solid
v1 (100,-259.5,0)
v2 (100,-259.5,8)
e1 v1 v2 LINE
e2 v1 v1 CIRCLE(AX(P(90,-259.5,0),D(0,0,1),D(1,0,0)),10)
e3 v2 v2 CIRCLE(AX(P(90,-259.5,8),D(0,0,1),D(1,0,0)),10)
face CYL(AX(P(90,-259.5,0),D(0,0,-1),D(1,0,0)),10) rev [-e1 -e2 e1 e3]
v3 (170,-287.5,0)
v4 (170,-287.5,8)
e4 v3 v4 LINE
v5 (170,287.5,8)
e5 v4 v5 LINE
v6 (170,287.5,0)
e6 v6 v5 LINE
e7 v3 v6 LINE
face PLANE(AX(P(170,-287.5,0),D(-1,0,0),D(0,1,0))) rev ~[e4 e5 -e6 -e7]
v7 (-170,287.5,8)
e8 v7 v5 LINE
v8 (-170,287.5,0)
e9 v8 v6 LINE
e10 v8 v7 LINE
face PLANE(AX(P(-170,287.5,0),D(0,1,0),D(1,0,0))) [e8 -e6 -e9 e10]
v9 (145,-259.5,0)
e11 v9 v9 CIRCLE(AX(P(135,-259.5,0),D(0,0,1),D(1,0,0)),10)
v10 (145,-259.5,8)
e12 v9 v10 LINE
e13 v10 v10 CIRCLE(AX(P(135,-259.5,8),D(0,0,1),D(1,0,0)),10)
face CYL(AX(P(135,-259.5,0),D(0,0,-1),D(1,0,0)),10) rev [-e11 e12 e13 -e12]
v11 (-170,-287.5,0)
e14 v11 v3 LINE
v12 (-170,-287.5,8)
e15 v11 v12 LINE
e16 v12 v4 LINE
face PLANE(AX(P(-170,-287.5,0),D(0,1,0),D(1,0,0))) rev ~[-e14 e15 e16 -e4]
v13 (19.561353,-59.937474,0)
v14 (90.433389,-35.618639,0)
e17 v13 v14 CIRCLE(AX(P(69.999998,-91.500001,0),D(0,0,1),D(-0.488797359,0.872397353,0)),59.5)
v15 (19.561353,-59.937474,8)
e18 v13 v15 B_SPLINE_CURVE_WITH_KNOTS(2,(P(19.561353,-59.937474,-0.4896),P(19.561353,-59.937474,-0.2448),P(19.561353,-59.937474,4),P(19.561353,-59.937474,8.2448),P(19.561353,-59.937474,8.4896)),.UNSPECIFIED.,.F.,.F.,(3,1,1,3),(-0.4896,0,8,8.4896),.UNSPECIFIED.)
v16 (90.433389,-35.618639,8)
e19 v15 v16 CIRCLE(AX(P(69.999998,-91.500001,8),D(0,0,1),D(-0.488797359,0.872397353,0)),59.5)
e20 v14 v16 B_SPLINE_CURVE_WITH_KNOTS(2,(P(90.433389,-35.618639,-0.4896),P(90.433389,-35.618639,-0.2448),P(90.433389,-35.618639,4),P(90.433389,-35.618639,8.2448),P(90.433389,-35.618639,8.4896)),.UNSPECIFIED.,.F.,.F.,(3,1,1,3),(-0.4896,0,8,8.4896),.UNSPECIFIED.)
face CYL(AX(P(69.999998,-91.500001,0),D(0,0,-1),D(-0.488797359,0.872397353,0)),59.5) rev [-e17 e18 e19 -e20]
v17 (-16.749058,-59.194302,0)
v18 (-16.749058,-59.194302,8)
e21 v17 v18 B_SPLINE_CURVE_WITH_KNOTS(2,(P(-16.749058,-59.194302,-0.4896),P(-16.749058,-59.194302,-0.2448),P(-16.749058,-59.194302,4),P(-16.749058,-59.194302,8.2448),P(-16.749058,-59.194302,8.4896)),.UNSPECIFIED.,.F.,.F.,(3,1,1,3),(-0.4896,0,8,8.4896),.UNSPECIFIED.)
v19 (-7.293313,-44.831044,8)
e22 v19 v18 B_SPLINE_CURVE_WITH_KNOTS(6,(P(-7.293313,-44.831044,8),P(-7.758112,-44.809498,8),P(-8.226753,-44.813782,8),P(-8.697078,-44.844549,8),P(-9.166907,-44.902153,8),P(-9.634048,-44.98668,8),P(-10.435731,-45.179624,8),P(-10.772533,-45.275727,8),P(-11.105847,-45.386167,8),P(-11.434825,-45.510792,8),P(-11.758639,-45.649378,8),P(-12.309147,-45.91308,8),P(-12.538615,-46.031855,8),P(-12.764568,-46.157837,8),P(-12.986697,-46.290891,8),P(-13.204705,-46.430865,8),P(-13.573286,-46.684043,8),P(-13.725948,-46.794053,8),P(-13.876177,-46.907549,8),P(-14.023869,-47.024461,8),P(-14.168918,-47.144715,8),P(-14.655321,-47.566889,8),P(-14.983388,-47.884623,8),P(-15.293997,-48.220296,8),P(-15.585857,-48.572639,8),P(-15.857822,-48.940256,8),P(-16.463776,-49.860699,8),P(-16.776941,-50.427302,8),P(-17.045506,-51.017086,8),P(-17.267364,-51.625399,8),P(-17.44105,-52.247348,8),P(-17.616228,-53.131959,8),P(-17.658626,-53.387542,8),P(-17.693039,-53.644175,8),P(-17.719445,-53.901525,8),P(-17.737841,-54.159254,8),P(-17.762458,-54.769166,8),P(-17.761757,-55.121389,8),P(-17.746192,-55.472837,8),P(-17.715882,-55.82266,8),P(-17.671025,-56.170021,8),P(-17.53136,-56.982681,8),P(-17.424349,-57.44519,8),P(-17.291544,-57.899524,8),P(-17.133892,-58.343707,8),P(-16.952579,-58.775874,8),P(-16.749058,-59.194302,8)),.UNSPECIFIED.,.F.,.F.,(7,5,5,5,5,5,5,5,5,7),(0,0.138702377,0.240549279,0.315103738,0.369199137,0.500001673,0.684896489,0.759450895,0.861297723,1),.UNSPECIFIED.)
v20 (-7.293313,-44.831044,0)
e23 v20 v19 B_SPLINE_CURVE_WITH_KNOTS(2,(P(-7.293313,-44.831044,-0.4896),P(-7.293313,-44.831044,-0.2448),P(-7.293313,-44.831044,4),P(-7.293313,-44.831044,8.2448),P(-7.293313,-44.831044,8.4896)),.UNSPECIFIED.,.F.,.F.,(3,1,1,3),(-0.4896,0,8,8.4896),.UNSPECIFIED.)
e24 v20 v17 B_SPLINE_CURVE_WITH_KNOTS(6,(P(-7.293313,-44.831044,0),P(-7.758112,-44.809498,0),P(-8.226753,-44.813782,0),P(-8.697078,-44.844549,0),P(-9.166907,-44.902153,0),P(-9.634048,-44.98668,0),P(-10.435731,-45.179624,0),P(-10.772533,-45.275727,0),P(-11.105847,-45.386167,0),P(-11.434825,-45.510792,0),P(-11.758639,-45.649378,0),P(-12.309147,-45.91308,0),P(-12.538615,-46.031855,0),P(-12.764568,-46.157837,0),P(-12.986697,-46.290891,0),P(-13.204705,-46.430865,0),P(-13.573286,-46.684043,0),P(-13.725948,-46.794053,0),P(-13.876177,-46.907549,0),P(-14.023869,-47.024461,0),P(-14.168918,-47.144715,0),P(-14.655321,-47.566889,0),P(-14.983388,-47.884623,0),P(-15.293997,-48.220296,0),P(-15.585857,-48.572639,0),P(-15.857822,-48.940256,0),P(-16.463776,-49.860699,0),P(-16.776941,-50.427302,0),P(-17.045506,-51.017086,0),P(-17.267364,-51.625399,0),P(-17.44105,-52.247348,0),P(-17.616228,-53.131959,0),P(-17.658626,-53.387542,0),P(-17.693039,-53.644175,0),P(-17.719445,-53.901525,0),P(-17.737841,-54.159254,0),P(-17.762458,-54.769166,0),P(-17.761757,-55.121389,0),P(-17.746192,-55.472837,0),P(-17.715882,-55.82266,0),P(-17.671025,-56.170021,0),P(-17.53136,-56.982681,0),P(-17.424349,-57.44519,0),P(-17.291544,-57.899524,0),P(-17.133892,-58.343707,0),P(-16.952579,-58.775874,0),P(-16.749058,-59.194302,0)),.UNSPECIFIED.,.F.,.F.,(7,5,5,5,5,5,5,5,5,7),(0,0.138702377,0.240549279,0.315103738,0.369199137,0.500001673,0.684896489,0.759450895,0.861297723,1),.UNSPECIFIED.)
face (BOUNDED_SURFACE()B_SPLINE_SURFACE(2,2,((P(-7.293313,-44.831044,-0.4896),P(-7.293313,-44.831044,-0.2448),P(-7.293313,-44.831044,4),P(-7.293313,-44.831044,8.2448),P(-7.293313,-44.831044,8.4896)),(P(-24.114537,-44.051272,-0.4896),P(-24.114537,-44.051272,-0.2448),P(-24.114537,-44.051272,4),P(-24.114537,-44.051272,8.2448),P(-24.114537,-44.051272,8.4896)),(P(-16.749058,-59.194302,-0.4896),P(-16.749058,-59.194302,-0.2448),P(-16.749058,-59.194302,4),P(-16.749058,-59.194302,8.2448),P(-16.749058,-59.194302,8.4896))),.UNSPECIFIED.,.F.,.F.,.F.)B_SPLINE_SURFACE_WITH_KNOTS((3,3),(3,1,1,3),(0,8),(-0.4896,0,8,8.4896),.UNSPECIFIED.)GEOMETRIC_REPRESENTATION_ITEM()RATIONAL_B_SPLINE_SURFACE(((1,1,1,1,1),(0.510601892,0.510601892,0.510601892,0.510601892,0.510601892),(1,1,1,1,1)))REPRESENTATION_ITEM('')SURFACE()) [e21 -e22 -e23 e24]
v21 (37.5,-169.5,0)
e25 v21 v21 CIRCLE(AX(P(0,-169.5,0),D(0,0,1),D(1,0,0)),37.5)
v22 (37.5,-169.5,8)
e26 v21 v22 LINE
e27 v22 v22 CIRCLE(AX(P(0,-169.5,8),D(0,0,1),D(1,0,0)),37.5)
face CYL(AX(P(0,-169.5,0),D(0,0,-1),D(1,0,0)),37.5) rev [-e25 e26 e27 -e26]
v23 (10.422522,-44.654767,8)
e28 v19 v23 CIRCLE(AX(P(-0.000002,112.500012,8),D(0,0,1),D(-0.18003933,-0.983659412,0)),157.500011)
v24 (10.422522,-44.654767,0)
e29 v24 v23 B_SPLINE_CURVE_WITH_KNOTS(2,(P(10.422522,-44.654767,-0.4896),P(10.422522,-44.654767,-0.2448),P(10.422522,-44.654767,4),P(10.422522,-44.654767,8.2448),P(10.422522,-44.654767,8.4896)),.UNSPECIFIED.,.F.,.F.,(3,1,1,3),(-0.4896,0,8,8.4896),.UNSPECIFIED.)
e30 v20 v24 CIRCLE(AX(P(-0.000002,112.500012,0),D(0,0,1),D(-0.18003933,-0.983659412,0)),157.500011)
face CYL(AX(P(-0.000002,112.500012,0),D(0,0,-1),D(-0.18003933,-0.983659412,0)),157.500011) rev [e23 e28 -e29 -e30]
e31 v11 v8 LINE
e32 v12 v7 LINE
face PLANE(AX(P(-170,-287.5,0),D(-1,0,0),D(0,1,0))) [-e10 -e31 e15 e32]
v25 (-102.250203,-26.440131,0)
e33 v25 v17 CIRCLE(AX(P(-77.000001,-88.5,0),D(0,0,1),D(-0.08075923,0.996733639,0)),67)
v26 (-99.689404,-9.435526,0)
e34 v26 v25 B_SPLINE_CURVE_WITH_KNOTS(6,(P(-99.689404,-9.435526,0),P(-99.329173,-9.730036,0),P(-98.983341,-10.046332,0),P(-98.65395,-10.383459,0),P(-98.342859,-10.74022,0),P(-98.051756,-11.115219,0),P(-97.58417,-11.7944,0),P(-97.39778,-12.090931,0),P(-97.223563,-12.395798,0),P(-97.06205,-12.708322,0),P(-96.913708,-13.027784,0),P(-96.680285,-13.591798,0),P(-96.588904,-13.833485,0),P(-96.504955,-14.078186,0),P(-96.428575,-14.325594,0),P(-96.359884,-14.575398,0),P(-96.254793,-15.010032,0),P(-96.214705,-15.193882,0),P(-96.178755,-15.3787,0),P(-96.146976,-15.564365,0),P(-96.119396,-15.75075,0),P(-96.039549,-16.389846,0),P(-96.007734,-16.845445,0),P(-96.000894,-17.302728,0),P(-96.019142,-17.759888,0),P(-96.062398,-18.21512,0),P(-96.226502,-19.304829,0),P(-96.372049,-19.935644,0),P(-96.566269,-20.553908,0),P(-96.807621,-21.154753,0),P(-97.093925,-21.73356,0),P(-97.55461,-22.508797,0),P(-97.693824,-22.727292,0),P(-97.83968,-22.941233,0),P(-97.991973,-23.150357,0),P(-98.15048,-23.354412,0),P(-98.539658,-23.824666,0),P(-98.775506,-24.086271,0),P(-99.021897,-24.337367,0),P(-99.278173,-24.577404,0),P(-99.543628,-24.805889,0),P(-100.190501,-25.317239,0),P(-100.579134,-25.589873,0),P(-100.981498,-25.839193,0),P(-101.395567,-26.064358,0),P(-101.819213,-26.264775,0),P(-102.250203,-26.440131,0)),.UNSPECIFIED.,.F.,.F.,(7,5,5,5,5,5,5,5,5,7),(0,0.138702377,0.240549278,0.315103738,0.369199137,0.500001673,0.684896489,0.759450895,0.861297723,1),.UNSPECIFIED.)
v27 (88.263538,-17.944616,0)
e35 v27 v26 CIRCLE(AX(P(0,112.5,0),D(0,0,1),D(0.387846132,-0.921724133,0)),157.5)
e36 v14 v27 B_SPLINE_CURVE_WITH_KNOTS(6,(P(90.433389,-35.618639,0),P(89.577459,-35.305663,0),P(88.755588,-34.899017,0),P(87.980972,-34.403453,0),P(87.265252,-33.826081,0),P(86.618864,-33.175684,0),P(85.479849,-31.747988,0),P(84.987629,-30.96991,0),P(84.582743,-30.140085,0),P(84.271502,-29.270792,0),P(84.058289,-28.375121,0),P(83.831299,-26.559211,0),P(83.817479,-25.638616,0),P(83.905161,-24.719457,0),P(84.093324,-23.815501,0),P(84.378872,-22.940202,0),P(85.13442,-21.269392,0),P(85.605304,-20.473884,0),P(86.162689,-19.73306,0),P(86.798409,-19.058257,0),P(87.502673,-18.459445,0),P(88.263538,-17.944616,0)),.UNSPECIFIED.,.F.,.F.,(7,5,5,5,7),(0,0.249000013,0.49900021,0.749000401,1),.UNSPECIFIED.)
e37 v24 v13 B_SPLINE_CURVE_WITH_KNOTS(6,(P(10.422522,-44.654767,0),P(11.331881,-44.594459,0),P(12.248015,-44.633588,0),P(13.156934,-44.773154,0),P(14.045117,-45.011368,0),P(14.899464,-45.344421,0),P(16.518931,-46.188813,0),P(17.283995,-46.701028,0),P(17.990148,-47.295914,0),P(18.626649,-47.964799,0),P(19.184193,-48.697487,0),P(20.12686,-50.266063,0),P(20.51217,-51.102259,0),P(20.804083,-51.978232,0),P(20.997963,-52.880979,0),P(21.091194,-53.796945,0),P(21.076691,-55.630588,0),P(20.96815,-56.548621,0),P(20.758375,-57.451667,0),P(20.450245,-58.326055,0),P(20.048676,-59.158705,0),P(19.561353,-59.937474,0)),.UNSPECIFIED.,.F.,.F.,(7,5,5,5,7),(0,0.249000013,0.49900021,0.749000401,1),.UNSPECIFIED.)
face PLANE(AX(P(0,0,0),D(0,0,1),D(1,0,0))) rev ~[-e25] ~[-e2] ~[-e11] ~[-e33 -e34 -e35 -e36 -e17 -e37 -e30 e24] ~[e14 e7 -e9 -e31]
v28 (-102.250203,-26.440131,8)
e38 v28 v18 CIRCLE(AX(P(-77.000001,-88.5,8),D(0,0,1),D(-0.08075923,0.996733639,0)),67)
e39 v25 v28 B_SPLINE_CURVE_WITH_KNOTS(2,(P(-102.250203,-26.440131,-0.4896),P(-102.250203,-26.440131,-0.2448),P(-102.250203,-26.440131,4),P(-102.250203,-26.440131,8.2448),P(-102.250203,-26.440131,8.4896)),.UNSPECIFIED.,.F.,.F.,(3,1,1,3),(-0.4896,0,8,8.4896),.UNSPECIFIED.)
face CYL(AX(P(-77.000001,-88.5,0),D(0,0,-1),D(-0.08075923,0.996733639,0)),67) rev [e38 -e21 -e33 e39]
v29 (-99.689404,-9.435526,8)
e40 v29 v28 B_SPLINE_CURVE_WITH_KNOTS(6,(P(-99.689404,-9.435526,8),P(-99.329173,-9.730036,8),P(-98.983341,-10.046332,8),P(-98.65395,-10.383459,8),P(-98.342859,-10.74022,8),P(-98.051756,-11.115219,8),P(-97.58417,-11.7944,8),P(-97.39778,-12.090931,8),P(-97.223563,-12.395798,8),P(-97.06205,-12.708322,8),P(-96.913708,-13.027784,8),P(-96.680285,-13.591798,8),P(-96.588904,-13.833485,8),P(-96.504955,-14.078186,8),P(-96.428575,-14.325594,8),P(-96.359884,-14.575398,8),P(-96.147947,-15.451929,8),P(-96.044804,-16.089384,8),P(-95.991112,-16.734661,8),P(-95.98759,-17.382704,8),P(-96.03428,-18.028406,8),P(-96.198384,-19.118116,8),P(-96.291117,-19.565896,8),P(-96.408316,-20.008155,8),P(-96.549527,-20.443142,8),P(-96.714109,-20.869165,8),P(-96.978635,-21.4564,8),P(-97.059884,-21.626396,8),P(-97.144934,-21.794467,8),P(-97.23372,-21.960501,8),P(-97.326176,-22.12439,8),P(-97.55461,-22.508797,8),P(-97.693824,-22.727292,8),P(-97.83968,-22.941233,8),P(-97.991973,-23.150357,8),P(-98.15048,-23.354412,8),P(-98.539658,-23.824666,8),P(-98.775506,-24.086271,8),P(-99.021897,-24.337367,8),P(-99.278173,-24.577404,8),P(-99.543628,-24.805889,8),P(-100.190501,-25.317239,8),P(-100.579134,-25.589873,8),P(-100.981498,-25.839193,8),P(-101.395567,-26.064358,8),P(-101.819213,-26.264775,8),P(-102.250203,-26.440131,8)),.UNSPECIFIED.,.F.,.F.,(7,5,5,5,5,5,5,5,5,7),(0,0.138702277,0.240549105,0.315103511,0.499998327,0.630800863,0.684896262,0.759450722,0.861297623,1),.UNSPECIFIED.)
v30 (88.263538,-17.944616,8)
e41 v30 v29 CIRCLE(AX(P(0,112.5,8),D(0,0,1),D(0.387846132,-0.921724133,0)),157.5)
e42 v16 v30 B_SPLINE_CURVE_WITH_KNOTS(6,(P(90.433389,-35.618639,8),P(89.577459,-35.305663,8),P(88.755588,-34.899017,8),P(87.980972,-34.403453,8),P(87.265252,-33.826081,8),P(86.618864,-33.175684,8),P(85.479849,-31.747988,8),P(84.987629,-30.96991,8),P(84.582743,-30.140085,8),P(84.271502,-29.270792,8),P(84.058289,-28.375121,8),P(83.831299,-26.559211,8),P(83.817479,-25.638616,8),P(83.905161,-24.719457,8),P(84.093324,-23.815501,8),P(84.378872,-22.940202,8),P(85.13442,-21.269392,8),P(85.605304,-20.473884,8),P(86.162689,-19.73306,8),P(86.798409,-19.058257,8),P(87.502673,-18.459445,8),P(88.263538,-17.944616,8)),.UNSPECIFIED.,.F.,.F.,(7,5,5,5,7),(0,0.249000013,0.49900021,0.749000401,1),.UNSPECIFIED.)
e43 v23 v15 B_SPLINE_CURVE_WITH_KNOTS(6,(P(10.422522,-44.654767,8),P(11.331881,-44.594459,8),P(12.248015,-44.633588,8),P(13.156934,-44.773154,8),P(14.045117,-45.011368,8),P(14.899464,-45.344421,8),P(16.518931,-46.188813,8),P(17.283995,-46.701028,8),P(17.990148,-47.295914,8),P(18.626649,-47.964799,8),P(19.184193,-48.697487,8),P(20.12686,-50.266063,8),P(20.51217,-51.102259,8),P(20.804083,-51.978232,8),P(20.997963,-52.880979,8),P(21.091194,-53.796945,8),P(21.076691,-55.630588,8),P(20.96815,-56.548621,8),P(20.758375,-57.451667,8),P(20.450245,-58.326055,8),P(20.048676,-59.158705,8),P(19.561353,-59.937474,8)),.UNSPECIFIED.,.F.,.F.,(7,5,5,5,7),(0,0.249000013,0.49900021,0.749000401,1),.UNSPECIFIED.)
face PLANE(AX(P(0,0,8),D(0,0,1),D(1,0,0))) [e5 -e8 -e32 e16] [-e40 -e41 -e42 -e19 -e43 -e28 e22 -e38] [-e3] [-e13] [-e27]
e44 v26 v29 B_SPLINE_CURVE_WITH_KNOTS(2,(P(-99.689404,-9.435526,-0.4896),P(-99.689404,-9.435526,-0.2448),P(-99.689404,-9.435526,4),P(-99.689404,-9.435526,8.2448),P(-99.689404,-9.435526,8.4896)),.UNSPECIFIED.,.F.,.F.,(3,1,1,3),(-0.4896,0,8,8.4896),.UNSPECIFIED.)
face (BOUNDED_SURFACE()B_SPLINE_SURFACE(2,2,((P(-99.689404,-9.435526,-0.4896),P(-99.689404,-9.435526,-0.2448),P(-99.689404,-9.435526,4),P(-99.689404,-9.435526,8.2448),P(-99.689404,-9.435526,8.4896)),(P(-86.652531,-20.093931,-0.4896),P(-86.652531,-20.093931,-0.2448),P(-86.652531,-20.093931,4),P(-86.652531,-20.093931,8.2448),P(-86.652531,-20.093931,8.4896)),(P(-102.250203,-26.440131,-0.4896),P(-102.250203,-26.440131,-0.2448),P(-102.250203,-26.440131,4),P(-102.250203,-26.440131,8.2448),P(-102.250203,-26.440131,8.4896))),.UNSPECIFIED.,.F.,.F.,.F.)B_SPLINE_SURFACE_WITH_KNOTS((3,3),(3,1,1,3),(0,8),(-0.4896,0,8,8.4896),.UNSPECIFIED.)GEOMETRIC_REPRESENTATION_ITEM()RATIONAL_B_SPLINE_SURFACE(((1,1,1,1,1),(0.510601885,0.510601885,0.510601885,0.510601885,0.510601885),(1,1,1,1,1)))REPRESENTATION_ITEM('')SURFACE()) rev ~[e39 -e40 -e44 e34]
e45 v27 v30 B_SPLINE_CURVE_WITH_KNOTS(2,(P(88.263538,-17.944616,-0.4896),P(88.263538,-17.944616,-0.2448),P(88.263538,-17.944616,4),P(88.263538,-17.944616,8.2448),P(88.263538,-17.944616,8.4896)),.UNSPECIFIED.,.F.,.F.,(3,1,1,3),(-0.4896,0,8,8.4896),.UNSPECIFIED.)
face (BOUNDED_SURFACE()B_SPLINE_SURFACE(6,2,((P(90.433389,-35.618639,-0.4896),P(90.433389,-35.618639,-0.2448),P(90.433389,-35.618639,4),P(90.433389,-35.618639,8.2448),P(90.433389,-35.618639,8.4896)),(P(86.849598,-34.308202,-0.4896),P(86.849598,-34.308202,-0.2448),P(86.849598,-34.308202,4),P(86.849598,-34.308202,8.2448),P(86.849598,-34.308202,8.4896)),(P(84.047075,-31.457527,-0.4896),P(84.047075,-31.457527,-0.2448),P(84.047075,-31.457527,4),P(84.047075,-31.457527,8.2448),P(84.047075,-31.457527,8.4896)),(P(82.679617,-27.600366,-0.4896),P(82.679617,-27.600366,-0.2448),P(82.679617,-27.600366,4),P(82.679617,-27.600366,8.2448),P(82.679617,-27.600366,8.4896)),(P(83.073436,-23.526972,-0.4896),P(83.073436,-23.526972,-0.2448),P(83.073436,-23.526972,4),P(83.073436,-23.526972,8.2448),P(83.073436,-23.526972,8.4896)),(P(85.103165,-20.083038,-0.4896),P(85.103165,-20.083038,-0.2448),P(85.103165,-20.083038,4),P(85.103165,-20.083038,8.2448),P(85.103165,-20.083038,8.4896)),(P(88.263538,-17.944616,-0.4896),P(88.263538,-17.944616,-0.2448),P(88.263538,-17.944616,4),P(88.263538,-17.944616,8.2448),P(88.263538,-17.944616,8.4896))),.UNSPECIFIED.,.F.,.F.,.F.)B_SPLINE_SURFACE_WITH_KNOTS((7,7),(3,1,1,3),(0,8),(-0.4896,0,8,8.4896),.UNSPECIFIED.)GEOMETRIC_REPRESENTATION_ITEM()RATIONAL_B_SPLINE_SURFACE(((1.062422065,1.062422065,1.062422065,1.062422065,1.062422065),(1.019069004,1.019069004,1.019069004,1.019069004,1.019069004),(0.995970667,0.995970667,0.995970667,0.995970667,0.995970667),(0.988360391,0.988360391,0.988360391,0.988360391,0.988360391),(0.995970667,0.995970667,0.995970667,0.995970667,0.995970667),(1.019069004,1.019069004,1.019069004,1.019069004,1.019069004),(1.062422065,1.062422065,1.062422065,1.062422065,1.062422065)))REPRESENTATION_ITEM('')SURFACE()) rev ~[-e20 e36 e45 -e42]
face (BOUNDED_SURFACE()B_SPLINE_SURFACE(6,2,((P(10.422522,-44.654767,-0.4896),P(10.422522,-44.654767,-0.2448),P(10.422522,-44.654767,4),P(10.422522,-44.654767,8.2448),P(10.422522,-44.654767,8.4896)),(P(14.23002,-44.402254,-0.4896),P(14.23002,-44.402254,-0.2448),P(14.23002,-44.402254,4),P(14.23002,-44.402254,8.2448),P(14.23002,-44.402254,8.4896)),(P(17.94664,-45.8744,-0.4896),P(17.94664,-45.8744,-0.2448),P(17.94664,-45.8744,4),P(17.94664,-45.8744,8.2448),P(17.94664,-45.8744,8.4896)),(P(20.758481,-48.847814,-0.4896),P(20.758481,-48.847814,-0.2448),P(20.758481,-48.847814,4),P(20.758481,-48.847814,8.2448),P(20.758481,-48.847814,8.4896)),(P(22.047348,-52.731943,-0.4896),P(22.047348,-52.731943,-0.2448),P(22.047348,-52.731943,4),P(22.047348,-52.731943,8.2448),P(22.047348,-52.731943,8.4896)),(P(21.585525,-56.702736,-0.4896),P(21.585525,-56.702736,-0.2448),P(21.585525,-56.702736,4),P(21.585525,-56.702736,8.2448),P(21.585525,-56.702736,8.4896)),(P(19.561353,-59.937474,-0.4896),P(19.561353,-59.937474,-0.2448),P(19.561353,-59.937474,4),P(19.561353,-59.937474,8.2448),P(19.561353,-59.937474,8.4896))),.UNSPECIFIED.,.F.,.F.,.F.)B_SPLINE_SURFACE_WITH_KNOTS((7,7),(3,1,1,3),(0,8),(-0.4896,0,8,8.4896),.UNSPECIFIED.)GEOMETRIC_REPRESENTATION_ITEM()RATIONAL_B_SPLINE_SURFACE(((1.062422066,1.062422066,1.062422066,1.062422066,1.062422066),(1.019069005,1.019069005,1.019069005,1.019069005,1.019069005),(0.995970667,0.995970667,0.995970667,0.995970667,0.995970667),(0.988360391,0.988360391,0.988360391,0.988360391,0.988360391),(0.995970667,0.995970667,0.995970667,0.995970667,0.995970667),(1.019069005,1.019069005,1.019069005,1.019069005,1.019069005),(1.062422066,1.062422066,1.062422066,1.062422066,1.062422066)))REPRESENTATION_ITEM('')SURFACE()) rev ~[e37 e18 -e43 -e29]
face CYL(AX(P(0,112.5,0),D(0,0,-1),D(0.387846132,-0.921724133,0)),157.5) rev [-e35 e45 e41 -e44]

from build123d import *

# Parameters (mm, degrees)
SKETCH001_W   = 340
SKETCH001_H   = 575
SKETCH001_R   = 10
SKETCH001_R_2 = 37.5
PAD_DEPTH     = 8
FILLET_R      = 10


with BuildPart() as part:
    # Sketch001 → Pad (new body)
    with BuildSketch(Plane.XY):
        Rectangle(SKETCH001_W, SKETCH001_H)
        with Locations((90, -259.5)):
            Circle(SKETCH001_R, mode=Mode.SUBTRACT)
        with Locations((135, -259.5)):
            Circle(SKETCH001_R, mode=Mode.SUBTRACT)
        with Locations((0, -169.5)):
            Circle(SKETCH001_R_2, mode=Mode.SUBTRACT)
        with BuildLine():
            ThreePointArc((-28.356199, -42.426357), (6.438053, -44.868362), (40.916555, -39.592358))
            ThreePointArc((40.916555, -39.592358), (89.311403, -147.778946), (61.085766, -32.671551))
            ThreePointArc((61.085766, -32.671551), (11.986677, 269.543209), (-82.410869, -21.718846))
            ThreePointArc((-82.410869, -21.718846), (-100.968142, -151.06619), (-28.356199, -42.426357))
        make_face(mode=Mode.SUBTRACT)
    extrude(amount=PAD_DEPTH)

    # Fillet
    fillet_edges = [part.edges().sort_by_distance(p)[0] for p in [
        (-82.410869, -21.718846, 4),
        (40.916555, -39.592358, 4),
        (61.085766, -32.671551, 4),
        (-28.356199, -42.426357, 4),
    ]]
    fillet(fillet_edges, radius=FILLET_R)


solid = part.part
